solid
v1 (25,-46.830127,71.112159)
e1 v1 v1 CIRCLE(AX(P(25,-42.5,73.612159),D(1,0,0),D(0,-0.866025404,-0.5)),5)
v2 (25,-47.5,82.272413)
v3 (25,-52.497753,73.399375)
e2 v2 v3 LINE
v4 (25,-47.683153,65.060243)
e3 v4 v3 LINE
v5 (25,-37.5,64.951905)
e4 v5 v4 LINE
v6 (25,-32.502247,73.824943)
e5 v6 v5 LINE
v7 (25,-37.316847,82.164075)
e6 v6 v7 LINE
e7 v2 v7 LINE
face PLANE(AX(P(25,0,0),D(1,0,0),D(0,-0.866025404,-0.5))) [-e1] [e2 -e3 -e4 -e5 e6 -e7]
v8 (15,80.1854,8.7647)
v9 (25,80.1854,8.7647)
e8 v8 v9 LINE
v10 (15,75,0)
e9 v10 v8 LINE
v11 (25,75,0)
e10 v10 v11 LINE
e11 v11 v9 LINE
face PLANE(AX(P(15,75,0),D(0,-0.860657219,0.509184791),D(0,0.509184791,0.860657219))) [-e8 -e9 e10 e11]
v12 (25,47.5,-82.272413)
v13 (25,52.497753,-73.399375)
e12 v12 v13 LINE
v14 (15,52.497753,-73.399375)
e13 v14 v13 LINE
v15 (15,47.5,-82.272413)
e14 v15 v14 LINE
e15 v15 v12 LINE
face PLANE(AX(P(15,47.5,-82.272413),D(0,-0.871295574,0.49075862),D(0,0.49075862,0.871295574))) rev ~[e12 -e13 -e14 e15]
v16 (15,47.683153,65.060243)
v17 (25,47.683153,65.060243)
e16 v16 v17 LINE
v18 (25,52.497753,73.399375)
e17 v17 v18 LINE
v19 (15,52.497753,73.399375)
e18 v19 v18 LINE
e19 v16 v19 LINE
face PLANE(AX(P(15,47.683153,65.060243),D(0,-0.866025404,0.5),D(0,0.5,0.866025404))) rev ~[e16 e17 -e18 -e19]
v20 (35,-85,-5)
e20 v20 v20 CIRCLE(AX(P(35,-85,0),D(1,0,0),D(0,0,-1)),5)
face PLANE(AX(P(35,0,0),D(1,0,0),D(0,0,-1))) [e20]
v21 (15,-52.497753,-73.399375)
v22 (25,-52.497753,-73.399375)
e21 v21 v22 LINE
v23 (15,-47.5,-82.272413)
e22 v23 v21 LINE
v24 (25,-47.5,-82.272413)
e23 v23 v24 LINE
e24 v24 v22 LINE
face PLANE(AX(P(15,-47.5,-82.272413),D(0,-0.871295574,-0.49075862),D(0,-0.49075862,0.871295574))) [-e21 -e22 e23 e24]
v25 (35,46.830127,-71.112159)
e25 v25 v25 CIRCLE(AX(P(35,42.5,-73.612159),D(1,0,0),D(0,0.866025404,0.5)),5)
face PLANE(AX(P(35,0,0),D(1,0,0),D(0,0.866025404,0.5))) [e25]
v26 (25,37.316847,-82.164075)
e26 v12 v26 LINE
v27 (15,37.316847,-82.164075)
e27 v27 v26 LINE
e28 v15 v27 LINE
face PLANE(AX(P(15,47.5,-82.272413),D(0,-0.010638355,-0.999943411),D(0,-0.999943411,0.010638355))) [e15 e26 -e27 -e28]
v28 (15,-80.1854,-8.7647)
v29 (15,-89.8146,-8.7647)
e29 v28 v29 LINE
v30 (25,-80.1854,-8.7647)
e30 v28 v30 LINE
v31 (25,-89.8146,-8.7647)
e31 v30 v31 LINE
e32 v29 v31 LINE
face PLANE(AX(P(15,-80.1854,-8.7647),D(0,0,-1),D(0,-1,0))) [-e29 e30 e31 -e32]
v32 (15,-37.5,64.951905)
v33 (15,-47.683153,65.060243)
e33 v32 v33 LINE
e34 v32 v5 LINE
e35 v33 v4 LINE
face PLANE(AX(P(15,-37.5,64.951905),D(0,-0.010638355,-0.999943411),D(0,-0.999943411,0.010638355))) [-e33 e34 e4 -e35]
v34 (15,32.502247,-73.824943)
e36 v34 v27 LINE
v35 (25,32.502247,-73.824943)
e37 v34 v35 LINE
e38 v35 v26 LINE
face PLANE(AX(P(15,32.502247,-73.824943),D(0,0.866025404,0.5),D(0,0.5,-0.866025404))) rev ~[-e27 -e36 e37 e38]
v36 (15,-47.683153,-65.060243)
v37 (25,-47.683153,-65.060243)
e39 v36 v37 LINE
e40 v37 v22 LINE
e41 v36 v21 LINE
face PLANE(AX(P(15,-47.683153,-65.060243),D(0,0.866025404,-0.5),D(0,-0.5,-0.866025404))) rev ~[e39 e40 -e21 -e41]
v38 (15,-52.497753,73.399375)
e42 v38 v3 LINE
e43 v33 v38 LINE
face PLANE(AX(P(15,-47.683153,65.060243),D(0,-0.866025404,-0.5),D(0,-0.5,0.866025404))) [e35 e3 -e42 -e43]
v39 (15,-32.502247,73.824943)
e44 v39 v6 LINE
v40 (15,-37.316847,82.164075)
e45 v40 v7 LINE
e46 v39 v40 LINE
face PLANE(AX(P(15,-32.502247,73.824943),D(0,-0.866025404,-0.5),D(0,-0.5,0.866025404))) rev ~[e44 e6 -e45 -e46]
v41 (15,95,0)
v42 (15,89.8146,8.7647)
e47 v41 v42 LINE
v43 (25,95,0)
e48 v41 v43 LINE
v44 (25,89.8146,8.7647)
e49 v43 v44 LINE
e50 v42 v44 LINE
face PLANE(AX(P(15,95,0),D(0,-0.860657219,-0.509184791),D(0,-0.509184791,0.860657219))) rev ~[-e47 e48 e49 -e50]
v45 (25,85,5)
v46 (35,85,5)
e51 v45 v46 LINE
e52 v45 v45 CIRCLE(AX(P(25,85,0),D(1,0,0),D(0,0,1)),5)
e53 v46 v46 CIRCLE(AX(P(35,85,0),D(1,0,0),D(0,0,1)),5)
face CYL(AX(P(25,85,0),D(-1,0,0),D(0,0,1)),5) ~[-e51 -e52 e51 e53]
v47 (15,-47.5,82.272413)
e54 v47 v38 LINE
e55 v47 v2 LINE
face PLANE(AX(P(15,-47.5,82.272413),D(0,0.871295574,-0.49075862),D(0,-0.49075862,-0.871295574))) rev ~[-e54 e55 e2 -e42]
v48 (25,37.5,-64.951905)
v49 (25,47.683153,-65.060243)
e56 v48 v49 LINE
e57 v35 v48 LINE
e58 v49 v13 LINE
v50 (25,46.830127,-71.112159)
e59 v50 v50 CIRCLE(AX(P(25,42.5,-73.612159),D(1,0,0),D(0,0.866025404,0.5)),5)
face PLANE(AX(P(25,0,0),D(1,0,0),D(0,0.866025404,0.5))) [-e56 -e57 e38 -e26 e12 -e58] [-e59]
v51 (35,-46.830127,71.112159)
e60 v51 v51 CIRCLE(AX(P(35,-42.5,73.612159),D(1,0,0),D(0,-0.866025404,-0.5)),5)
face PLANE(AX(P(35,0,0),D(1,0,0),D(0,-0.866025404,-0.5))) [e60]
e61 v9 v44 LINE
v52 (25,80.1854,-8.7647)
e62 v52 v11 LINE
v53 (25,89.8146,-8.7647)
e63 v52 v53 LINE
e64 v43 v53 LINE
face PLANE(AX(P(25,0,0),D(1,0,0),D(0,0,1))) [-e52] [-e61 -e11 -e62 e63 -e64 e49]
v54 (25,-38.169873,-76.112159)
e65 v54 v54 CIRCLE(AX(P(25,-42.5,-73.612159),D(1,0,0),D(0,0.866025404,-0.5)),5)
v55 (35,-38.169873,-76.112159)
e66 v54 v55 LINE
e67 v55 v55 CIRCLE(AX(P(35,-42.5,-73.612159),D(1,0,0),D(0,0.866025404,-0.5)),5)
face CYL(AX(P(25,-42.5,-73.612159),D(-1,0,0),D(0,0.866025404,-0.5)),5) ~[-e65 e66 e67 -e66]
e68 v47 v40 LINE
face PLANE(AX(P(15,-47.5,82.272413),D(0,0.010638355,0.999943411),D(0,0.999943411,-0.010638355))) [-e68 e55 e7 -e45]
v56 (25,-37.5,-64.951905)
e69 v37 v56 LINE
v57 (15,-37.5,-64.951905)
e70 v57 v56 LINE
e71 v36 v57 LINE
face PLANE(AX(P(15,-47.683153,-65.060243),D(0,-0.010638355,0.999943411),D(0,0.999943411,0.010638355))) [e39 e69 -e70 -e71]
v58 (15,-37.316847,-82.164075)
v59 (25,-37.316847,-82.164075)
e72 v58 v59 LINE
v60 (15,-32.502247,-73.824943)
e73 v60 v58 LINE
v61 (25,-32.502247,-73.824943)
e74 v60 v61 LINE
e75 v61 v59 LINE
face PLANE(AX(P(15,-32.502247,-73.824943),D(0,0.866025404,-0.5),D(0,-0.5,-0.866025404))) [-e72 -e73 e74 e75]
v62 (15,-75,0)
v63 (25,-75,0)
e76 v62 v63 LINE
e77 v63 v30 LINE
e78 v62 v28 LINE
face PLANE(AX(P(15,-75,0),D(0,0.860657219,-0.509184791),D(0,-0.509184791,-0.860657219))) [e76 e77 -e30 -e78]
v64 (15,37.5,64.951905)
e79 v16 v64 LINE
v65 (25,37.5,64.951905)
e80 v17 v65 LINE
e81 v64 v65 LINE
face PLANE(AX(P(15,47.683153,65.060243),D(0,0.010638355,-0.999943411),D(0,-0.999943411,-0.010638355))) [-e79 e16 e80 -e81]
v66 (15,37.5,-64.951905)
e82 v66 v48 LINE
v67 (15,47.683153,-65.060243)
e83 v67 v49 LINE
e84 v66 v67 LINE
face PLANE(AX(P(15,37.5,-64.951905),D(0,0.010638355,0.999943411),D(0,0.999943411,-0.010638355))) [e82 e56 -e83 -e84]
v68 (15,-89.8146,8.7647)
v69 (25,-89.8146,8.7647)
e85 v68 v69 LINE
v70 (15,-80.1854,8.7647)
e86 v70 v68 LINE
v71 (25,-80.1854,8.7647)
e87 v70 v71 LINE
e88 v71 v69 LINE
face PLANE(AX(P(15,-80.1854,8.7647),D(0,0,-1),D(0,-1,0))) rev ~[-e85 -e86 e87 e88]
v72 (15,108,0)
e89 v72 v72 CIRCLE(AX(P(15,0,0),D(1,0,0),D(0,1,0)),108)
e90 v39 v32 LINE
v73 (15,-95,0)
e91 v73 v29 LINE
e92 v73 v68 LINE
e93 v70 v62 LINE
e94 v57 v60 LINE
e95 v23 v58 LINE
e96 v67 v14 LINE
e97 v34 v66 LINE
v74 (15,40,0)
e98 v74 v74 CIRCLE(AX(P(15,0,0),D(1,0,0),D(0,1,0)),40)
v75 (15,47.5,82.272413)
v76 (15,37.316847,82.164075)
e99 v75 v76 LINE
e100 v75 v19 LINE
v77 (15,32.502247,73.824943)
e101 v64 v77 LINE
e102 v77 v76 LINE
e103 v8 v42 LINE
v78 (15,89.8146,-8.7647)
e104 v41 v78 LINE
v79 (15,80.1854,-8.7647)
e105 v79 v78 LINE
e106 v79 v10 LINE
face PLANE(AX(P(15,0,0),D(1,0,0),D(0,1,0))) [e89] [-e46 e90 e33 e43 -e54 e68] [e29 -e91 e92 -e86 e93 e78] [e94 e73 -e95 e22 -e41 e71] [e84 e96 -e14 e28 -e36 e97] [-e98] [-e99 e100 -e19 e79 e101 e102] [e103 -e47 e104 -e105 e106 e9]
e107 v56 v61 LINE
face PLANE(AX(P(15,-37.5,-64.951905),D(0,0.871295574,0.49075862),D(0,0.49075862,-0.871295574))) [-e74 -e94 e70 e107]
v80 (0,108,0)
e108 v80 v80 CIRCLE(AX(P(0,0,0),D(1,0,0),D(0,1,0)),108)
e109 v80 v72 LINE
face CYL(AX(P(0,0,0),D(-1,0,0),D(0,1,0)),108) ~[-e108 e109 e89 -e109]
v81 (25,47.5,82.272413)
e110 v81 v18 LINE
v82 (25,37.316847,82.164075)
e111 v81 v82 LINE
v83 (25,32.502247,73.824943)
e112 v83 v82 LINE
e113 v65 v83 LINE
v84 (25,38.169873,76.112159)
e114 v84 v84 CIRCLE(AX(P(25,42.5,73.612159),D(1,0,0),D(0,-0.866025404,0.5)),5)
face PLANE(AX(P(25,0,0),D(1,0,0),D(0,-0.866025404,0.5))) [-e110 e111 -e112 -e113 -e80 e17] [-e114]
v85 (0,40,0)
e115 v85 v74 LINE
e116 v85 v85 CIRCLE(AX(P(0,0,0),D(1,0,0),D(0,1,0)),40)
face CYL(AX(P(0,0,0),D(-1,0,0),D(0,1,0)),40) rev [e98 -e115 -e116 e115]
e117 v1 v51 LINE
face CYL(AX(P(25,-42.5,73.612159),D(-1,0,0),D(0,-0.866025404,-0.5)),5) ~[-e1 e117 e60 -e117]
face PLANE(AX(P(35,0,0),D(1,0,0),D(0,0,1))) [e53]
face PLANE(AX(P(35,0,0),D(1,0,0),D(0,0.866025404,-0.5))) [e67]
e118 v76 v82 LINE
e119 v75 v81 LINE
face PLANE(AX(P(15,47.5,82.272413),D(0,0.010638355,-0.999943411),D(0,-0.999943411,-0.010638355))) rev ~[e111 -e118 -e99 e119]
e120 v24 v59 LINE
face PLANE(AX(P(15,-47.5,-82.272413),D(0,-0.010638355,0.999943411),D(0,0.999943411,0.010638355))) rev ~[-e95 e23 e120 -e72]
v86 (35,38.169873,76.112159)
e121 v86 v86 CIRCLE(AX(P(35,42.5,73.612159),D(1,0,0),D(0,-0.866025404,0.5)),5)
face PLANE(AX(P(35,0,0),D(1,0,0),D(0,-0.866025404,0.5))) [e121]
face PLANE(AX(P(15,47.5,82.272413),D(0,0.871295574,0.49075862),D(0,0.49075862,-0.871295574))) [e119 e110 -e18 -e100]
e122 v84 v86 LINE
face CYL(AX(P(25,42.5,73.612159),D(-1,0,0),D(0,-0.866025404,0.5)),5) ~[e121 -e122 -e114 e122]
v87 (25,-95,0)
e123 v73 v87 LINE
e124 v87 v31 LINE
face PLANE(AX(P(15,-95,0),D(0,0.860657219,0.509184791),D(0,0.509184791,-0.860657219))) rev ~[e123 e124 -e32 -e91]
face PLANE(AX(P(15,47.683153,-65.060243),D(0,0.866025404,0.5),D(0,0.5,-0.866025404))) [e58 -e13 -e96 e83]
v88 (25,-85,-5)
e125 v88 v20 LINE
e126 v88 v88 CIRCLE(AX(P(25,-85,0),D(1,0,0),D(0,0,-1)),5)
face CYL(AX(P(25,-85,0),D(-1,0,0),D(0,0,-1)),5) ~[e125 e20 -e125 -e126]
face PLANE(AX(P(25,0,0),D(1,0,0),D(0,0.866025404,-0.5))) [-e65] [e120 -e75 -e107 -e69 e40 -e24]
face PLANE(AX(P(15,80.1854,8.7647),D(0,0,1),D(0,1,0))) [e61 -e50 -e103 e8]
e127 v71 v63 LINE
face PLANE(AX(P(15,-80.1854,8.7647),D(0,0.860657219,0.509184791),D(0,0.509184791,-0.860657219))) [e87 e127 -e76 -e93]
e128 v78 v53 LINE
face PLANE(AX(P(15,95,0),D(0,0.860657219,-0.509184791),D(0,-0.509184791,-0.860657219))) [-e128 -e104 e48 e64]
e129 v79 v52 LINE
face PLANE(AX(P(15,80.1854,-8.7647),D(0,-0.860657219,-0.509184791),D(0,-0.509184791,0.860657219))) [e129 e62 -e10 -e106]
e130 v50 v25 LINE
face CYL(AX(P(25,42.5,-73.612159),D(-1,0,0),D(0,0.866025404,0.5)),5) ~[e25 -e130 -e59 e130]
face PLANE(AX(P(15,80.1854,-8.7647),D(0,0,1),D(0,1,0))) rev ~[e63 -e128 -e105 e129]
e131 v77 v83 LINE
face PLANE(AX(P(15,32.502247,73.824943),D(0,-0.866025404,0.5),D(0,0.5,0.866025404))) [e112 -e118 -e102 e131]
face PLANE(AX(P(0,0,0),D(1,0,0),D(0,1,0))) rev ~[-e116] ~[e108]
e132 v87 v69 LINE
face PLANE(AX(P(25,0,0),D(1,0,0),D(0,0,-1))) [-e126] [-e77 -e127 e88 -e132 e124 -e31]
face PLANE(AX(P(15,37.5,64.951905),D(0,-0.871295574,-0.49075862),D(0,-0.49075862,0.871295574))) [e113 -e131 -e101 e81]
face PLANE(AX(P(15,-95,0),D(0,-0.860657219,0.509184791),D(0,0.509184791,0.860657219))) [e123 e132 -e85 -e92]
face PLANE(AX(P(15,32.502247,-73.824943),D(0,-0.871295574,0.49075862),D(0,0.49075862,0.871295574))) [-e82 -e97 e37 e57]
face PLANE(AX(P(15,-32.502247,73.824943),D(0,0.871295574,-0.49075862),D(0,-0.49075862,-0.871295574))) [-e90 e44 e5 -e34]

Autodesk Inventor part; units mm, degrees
ref_plane "YZ Plane" through (0, 0, 0) normal (1, 0, 0) x (0, 1, 0)
ref_plane "XZ Plane" through (0, 0, 0) normal (0, 1, 0) x (-1, 0, 0)
ref_plane "XY Plane" through (0, 0, 0) normal (0, 0, 1) x (1, 0, 0)
sketch "Skizze1" plane through (0, 0, 0) normal (1, 0, 0) x (0, 1, 0)
  circle A0 centre (0, 0) radius 40
  circle A1 centre (0, 0) radius 108
  dimension "d0" = 216
  dimension "d1" = 80
extrude "Extrusion1" add sketch "Skizze1" along normal blind 15
sketch "Skizze3" plane through (15, 0, 0) normal (1, 0, 0) x (0, 0, -1)
  circle A0 centre (0, -85) radius 10 construction
  line L0 (0, -95) -> (-8.7647, -89.8146)
  line L1 (-8.7647, -80.1854) -> (0, -75)
  line L2 (0, -75) -> (8.7647, -80.1854)
  line L3 (8.7647, -80.1854) -> (8.7647, -89.8146)
  line L4 (0, -95) -> (8.7647, -89.8146)
  line L5 (-8.7647, -80.1854) -> (-8.7647, -89.8146)
  point P0 (0, 0)
  dimension "d8" = 20
  dimension "d9" = 85
extrude "Extrusion3" add sketch "Skizze3" along normal blind 10
sketch "Skizze4" plane through (25, 0, 0) normal (1, 0, 0) x (0, 0, -1)
  circle A0 centre (0, -85) radius 5
  point P0 (0, 0)
  dimension "d12" = 10
extrude "Extrusion4" add sketch "Skizze4" along normal blind 10
pattern_circular "Runde Anordnung1" count 6 over 360 about axis through (-10, 0, 0) along (1, 0, 0) of "Extrusion3", "Extrusion4"
properties part number "DN80-Flansch"
